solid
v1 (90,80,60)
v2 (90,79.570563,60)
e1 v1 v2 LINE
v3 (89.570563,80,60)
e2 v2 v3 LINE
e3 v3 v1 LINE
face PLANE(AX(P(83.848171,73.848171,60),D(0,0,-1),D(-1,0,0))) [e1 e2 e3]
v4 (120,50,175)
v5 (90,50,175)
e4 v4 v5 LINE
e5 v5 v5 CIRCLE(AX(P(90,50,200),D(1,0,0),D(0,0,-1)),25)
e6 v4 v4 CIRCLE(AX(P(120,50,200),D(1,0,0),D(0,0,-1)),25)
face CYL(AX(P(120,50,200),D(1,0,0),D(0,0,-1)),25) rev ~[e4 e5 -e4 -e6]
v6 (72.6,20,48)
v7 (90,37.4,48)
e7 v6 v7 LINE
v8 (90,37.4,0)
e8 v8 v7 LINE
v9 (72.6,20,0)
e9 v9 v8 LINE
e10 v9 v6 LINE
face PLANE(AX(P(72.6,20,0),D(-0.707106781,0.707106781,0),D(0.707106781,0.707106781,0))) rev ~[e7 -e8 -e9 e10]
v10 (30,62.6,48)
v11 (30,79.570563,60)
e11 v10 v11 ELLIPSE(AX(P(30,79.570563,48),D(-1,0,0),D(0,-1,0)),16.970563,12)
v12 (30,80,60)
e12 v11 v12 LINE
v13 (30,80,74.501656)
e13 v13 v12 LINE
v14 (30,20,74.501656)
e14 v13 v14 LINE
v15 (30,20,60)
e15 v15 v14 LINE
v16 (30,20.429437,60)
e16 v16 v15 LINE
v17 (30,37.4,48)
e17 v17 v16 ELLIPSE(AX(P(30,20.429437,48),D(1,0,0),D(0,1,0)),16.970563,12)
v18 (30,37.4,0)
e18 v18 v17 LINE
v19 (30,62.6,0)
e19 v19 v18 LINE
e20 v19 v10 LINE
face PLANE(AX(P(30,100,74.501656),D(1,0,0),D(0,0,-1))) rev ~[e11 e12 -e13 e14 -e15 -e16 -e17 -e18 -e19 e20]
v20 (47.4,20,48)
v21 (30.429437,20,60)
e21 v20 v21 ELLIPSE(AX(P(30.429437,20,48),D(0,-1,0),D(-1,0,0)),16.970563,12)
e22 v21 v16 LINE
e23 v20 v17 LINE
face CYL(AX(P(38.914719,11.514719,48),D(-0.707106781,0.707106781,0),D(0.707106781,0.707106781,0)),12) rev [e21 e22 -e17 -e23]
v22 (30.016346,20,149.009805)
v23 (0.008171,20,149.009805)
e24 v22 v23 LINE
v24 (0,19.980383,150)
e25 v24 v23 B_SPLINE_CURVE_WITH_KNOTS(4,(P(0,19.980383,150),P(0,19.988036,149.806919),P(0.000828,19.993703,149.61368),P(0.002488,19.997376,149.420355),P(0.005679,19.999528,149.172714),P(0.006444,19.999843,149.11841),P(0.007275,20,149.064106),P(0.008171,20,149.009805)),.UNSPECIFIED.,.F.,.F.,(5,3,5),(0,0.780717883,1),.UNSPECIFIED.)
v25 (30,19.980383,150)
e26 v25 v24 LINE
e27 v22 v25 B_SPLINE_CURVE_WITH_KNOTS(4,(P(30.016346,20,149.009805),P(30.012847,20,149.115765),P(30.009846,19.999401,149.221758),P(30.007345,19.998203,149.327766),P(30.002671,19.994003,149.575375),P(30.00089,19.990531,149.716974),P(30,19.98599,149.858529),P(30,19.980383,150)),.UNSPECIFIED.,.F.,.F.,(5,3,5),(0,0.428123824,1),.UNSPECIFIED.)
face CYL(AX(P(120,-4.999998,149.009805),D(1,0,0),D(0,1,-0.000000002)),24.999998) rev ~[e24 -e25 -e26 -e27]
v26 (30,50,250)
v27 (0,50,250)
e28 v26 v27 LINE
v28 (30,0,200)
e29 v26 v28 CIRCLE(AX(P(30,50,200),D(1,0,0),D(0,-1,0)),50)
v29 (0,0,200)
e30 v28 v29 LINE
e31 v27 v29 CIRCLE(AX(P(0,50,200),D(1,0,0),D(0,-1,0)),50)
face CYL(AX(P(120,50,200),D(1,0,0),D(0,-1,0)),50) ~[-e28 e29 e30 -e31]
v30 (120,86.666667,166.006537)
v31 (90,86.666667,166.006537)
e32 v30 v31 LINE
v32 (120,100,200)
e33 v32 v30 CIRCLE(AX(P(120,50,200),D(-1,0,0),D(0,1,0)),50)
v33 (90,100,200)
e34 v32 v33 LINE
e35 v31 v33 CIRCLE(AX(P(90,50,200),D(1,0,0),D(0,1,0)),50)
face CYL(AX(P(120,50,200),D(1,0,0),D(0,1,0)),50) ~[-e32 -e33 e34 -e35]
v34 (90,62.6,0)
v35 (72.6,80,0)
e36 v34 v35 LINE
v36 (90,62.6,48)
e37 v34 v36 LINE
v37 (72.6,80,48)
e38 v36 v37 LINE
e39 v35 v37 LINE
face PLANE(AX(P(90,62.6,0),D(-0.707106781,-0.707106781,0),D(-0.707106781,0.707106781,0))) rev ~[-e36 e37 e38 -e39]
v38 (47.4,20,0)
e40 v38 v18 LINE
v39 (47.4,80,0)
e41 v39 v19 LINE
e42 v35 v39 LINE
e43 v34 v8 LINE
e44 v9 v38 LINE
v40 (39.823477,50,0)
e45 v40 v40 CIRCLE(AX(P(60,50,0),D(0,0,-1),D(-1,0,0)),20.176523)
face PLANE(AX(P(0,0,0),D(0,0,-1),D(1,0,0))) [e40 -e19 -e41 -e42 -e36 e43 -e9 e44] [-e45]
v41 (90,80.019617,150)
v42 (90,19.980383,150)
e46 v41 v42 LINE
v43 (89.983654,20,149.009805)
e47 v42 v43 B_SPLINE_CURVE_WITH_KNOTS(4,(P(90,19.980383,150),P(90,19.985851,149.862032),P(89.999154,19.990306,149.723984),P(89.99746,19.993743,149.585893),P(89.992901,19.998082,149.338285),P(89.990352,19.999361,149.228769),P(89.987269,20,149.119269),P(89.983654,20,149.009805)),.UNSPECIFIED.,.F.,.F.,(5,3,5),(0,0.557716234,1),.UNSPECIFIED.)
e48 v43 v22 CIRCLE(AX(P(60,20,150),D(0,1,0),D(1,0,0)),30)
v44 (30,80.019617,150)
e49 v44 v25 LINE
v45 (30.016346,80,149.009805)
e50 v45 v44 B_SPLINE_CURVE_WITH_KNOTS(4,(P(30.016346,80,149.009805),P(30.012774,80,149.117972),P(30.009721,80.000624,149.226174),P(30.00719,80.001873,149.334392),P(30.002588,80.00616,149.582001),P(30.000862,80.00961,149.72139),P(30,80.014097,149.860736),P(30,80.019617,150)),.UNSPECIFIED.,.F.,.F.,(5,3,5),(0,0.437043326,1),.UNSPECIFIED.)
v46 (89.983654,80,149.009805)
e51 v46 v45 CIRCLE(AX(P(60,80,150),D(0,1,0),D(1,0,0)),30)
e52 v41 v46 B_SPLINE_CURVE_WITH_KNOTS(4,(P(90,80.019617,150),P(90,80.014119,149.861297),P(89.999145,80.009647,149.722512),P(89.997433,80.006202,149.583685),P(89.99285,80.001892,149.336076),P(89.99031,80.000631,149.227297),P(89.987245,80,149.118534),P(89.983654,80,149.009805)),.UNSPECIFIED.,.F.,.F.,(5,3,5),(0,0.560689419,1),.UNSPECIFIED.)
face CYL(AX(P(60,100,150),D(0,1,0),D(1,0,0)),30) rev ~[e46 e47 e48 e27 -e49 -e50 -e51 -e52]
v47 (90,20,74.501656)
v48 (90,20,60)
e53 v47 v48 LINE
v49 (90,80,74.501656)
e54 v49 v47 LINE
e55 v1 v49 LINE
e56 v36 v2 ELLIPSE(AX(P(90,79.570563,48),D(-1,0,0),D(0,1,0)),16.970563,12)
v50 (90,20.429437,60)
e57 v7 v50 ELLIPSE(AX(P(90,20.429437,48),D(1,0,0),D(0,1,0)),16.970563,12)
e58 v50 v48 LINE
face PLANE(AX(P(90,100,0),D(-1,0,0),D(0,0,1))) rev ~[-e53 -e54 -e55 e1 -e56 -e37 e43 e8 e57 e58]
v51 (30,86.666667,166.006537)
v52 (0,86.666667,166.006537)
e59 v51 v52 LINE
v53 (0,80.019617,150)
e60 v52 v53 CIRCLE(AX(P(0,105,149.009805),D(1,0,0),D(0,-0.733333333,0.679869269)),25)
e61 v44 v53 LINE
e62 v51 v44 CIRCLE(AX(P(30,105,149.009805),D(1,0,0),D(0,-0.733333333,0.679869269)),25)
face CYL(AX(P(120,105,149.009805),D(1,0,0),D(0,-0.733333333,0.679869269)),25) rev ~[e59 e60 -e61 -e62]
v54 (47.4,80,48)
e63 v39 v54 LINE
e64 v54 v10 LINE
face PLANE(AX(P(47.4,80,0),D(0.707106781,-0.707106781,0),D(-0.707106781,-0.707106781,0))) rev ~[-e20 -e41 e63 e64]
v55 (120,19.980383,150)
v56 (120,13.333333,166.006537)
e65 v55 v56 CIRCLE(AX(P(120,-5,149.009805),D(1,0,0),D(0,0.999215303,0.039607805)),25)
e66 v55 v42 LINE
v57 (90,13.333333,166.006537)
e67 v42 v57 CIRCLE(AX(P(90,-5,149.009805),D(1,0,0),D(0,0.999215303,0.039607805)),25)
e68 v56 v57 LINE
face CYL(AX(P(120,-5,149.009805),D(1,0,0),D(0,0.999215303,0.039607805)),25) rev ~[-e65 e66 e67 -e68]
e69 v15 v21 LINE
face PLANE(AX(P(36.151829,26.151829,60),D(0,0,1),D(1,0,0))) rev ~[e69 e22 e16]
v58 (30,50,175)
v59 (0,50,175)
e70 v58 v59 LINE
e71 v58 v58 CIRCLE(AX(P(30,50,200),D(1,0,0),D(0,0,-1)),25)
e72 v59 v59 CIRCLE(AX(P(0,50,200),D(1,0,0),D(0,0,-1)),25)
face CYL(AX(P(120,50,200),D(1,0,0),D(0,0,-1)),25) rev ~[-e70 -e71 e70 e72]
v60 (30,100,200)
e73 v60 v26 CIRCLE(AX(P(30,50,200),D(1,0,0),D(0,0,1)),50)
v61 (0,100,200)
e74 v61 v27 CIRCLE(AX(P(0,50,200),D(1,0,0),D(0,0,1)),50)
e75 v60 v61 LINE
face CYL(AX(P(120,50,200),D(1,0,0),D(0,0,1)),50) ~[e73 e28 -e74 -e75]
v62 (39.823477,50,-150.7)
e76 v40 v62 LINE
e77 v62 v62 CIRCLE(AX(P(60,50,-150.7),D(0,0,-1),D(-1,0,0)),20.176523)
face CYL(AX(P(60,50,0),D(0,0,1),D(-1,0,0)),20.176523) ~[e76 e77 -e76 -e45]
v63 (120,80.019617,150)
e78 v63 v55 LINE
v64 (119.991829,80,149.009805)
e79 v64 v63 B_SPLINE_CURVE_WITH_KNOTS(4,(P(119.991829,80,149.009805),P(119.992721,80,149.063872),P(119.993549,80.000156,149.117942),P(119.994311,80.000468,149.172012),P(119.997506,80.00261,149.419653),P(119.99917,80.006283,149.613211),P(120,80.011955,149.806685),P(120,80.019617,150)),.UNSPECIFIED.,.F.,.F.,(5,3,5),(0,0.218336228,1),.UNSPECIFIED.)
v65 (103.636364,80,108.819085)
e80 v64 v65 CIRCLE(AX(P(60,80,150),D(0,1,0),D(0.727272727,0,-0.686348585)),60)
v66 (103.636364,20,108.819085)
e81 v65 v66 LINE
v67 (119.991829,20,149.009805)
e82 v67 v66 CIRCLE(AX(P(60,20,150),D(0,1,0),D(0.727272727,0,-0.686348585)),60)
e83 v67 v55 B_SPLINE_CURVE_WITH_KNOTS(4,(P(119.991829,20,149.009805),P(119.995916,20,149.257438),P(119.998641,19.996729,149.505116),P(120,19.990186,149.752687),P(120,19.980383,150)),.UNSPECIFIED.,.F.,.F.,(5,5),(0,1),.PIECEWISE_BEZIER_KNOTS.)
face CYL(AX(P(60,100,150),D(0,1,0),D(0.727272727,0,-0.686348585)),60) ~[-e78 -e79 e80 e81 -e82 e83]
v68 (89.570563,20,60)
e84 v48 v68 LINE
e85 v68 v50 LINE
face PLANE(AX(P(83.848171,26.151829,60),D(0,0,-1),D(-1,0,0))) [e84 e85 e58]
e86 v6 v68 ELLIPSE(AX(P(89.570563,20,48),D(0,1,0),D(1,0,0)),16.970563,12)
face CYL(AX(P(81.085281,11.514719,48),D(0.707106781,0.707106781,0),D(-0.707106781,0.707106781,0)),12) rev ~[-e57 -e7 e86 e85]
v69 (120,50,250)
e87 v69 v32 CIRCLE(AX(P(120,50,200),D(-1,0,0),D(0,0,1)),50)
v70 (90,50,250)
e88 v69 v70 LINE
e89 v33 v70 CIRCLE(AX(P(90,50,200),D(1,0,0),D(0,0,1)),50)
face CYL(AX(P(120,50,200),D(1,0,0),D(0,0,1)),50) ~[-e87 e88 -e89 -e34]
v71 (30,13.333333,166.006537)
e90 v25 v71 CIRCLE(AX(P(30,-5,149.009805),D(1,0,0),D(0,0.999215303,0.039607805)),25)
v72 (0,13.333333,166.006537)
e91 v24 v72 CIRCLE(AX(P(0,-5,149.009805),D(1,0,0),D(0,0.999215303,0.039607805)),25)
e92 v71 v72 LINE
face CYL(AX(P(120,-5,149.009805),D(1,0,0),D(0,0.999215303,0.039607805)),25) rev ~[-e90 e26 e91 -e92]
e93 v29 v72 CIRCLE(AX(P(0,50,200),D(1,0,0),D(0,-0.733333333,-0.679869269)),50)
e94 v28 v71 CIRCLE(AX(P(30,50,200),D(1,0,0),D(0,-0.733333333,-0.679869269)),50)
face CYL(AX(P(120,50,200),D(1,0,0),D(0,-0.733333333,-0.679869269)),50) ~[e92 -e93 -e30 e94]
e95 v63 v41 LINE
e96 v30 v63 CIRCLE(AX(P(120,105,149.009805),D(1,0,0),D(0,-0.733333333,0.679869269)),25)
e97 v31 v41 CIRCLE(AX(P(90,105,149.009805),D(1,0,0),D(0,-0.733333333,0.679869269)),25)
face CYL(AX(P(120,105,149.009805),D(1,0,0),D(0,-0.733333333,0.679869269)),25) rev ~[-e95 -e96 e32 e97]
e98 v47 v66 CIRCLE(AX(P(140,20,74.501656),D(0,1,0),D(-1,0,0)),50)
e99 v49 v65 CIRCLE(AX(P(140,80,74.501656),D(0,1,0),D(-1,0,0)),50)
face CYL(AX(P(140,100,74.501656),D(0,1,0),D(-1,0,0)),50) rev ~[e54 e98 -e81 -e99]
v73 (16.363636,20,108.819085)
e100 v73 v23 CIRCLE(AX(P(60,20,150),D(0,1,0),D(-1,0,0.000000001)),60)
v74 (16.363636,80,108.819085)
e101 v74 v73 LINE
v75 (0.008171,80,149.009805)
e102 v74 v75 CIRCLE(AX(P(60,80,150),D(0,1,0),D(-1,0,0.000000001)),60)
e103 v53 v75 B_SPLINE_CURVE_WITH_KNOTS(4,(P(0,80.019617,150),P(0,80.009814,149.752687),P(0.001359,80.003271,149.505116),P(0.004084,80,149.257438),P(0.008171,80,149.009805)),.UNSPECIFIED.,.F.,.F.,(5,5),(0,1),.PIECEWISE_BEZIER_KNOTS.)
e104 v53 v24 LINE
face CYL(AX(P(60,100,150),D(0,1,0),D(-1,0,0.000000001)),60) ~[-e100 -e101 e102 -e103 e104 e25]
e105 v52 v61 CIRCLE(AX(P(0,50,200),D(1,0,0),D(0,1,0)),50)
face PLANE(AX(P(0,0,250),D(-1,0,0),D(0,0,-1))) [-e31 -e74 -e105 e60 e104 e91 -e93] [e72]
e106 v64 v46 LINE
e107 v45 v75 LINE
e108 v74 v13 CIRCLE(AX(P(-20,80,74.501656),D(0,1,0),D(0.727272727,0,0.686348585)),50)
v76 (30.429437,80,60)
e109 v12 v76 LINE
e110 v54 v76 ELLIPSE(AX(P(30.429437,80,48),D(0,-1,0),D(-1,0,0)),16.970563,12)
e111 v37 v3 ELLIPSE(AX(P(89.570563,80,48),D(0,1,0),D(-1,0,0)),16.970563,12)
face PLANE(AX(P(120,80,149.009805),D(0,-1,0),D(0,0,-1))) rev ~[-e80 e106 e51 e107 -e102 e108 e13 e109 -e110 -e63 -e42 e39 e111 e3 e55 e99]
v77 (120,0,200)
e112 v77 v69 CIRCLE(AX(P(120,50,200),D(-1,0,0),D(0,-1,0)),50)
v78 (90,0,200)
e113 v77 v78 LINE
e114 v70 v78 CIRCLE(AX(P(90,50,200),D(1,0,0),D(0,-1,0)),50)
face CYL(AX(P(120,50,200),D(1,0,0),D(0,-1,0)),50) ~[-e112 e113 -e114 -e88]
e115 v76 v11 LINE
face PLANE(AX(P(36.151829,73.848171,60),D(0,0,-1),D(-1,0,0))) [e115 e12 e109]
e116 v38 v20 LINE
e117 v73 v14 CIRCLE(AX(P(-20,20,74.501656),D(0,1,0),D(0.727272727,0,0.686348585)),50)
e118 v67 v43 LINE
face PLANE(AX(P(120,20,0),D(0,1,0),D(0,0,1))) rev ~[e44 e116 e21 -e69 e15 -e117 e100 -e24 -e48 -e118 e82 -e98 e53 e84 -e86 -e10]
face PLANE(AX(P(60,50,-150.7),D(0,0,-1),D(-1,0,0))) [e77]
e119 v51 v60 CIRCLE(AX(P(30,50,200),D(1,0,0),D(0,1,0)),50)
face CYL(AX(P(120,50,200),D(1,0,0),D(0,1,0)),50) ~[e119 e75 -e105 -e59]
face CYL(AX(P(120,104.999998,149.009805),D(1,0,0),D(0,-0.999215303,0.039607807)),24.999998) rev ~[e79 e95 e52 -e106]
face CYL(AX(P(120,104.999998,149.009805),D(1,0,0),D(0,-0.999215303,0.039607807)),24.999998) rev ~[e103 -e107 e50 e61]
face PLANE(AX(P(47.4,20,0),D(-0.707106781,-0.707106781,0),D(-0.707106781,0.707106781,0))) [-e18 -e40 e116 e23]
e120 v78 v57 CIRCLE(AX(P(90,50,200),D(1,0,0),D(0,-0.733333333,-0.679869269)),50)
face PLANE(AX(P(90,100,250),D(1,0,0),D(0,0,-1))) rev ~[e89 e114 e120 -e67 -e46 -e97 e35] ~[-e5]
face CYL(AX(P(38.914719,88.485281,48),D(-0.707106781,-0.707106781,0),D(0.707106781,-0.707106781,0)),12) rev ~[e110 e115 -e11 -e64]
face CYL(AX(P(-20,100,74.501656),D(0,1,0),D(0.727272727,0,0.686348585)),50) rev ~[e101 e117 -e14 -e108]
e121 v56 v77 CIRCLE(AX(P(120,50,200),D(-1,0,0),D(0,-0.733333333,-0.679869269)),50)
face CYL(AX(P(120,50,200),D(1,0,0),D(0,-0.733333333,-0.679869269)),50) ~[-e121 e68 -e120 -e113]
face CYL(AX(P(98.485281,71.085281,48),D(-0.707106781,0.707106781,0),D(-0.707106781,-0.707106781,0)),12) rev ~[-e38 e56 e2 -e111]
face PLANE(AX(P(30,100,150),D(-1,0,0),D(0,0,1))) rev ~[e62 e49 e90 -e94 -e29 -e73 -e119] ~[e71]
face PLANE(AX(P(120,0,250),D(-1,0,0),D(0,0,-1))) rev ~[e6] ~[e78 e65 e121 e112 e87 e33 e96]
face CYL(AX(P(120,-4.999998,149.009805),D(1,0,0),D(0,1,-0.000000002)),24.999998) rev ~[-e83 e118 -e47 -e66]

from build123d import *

# Parameters (mm, degrees)
SKETCH1_W           = 120
SKETCH1_H           = 250
BOSS_EXTRUDE1_DEPTH = 100
CUT_EXTRUDE1_DEPTH  = 295.78805946
CUT_EXTRUDE2_DEPTH  = 295.78805946
SKETCH5_R           = 25
CUT_EXTRUDE3_DEPTH  = 295.7880595
CUT_EXTRUDE5_DEPTH  = 60
CUT_EXTRUDE6_DEPTH  = 60
CUT_EXTRUDE7_DEPTH  = 60
CUT_EXTRUDE8_DEPTH  = 60
SKETCH10_R          = 20.176522507
BOSS_EXTRUDE2_DEPTH = 150.7
FILLET1_R           = 12
FILLET2_R           = 12
FILLET3_R           = 12
FILLET4_R           = 12


with BuildPart() as part:
    # Sketch1 → Boss-Extrude1 (new body)
    with BuildSketch(Plane(origin=(0, 0, 0), x_dir=(1, 0, 0), z_dir=(0, 1, 0))):
        with Locations((60, -125)):
            Rectangle(SKETCH1_W, SKETCH1_H)
    extrude(amount=BOSS_EXTRUDE1_DEPTH)

    # Sketch2 → Cut-Extrude1 (cut, through all)
    with BuildSketch(Plane(origin=(0, 100, 0), x_dir=(1, 0, 0), z_dir=(0, 1, 0))):
        with BuildLine():
            ThreePointArc((90, -150), (60, -120), (30, -150))
            Line((30, -150), (30, -250))
            Line((30, -250), (90, -250))
            Line((90, -250), (90, -150))
        make_face()
        with BuildLine():
            Line((120, 0), (90, 0))
            Line((90, 0), (90, -74.501655647))
            ThreePointArc((90, -74.501655647), (93.533981136, -92.965379294), (103.636363636, -108.819084899))
            ThreePointArc((103.636363636, -108.819084899), (115.759222637, -127.843531624), (120, -150))
            Line((120, -150), (120, 0))
        make_face()
        with BuildLine():
            Line((30, -74.501655647), (30, 0))
            Line((30, 0), (0, 0))
            Line((0, 0), (0, -150.000000078))
            ThreePointArc((0, -150.000000078), (4.240777349, -127.84353166), (16.363636364, -108.819084899))
            ThreePointArc((16.363636364, -108.819084899), (26.466018864, -92.965379294), (30, -74.501655647))
        make_face()
    extrude(amount=-CUT_EXTRUDE1_DEPTH, mode=Mode.SUBTRACT)

    # Sketch4 → Cut-Extrude2 (cut, through all)
    with BuildSketch(Plane(origin=(120, 0, 0), x_dir=(0, 0, -1), z_dir=(1, 0, 0))):
        with BuildLine():
            ThreePointArc((-250, 50), (-235.355339059, 85.355339059), (-200, 100))
            Line((-200, 100), (-250, 100))
            Line((-250, 100), (-250, 50))
        make_face()
        with BuildLine():
            Line((-150, 100), (-200, 100))
            ThreePointArc((-200, 100), (-181.742581416, 96.547466813), (-166.006536576, 86.666666667))
            ThreePointArc((-166.006536576, 86.666666667), (-158.59772436, 81.911652295), (-150, 80.019617425))
            Line((-150, 80.019617425), (-150, 100))
        make_face()
        with BuildLine():
            Line((-108.819084899, 100), (-150, 100))
            Line((-150, 100), (-150, 80.019617425))
            ThreePointArc((-150, 80.019617425), (-149.504999586, 80.004904837), (-149.009804864, 80))
            Line((-149.009804864, 80), (0, 80))
            Line((0, 80), (0, 100))
            Line((0, 100), (-74.501655647, 100))
            Line((-74.501655647, 100), (-108.819084899, 100))
        make_face()
        with BuildLine():
            ThreePointArc((-200, 0), (-235.355339059, 14.644660941), (-250, 50))
            Line((-250, 50), (-250, 0))
            Line((-250, 0), (-200, 0))
        make_face()
        with BuildLine():
            ThreePointArc((-166.006536576, 13.333333333), (-181.742581416, 3.452533187), (-200, 0))
            Line((-200, 0), (-150, 0))
            Line((-150, 0), (-150, 19.980382575))
            ThreePointArc((-150, 19.980382575), (-158.59772436, 18.088347705), (-166.006536576, 13.333333333))
        make_face()
        with BuildLine():
            ThreePointArc((-149.009804864, 20), (-149.504999586, 19.995095163), (-150, 19.980382575))
            Line((-150, 19.980382575), (-150, 0))
            Line((-150, 0), (-108.819084899, 0))
            Line((-108.819084899, 0), (-74.501655647, 0))
            Line((-74.501655647, 0), (0, 0))
            Line((0, 0), (0, 20))
            Line((0, 20), (-149.009804864, 20))
        make_face()
    extrude(amount=-CUT_EXTRUDE2_DEPTH, mode=Mode.SUBTRACT)

    # Sketch5 → Cut-Extrude3 (cut, through all)
    with BuildSketch(Plane(origin=(120, 0, 0), x_dir=(0, 0, -1), z_dir=(1, 0, 0))):
        with Locations((-200, 50)):
            Circle(SKETCH5_R)
    extrude(amount=-CUT_EXTRUDE3_DEPTH, mode=Mode.SUBTRACT)

    # Sketch6 → Cut-Extrude5 (cut)
    with BuildSketch(Plane(origin=(0, 0, 0), x_dir=(-1, 0, 0), z_dir=(0, 0, -1))):
        Polygon((-30, 62.6), (-30, 80), (-47.4, 80), align=None)
    extrude(amount=-CUT_EXTRUDE5_DEPTH, mode=Mode.SUBTRACT)

    # Sketch7 → Cut-Extrude6 (cut)
    with BuildSketch(Plane(origin=(0, 0, 0), x_dir=(-1, 0, 0), z_dir=(0, 0, -1))):
        Polygon((-72.6, 80), (-90, 80), (-90, 62.6), align=None)
    extrude(amount=-CUT_EXTRUDE6_DEPTH, mode=Mode.SUBTRACT)

    # Sketch8 → Cut-Extrude7 (cut)
    with BuildSketch(Plane(origin=(0, 0, 0), x_dir=(-1, 0, 0), z_dir=(0, 0, -1))):
        Polygon((-90, 37.4), (-90, 20), (-72.6, 20), align=None)
    extrude(amount=-CUT_EXTRUDE7_DEPTH, mode=Mode.SUBTRACT)

    # Sketch9 → Cut-Extrude8 (cut)
    with BuildSketch(Plane(origin=(0, 0, 0), x_dir=(-1, 0, 0), z_dir=(0, 0, -1))):
        Polygon((-30, 37.4), (-30, 20), (-47.4, 20), align=None)
    extrude(amount=-CUT_EXTRUDE8_DEPTH, mode=Mode.SUBTRACT)

    # Sketch10 → Boss-Extrude2 (add)
    with BuildSketch(Plane(origin=(0, 0, 0), x_dir=(-1, 0, 0), z_dir=(0, 0, -1))):
        with Locations((-60, 50)):
            Circle(SKETCH10_R)
    extrude(amount=BOSS_EXTRUDE2_DEPTH)

    # Fillet1
    fillet1_edges = [part.edges().sort_by_distance(p)[0] for p in [
        (81.3, 28.7, 60),
    ]]
    fillet(fillet1_edges, radius=FILLET1_R)

    # Fillet2
    fillet2_edges = [part.edges().sort_by_distance(p)[0] for p in [
        (81.3, 71.3, 60),
    ]]
    fillet(fillet2_edges, radius=FILLET2_R)

    # Fillet3
    fillet3_edges = [part.edges().sort_by_distance(p)[0] for p in [
        (38.7, 71.3, 60),
    ]]
    fillet(fillet3_edges, radius=FILLET3_R)

    # Fillet4
    fillet4_edges = [part.edges().sort_by_distance(p)[0] for p in [
        (38.7, 28.7, 60),
    ]]
    fillet(fillet4_edges, radius=FILLET4_R)


solid = part.part
